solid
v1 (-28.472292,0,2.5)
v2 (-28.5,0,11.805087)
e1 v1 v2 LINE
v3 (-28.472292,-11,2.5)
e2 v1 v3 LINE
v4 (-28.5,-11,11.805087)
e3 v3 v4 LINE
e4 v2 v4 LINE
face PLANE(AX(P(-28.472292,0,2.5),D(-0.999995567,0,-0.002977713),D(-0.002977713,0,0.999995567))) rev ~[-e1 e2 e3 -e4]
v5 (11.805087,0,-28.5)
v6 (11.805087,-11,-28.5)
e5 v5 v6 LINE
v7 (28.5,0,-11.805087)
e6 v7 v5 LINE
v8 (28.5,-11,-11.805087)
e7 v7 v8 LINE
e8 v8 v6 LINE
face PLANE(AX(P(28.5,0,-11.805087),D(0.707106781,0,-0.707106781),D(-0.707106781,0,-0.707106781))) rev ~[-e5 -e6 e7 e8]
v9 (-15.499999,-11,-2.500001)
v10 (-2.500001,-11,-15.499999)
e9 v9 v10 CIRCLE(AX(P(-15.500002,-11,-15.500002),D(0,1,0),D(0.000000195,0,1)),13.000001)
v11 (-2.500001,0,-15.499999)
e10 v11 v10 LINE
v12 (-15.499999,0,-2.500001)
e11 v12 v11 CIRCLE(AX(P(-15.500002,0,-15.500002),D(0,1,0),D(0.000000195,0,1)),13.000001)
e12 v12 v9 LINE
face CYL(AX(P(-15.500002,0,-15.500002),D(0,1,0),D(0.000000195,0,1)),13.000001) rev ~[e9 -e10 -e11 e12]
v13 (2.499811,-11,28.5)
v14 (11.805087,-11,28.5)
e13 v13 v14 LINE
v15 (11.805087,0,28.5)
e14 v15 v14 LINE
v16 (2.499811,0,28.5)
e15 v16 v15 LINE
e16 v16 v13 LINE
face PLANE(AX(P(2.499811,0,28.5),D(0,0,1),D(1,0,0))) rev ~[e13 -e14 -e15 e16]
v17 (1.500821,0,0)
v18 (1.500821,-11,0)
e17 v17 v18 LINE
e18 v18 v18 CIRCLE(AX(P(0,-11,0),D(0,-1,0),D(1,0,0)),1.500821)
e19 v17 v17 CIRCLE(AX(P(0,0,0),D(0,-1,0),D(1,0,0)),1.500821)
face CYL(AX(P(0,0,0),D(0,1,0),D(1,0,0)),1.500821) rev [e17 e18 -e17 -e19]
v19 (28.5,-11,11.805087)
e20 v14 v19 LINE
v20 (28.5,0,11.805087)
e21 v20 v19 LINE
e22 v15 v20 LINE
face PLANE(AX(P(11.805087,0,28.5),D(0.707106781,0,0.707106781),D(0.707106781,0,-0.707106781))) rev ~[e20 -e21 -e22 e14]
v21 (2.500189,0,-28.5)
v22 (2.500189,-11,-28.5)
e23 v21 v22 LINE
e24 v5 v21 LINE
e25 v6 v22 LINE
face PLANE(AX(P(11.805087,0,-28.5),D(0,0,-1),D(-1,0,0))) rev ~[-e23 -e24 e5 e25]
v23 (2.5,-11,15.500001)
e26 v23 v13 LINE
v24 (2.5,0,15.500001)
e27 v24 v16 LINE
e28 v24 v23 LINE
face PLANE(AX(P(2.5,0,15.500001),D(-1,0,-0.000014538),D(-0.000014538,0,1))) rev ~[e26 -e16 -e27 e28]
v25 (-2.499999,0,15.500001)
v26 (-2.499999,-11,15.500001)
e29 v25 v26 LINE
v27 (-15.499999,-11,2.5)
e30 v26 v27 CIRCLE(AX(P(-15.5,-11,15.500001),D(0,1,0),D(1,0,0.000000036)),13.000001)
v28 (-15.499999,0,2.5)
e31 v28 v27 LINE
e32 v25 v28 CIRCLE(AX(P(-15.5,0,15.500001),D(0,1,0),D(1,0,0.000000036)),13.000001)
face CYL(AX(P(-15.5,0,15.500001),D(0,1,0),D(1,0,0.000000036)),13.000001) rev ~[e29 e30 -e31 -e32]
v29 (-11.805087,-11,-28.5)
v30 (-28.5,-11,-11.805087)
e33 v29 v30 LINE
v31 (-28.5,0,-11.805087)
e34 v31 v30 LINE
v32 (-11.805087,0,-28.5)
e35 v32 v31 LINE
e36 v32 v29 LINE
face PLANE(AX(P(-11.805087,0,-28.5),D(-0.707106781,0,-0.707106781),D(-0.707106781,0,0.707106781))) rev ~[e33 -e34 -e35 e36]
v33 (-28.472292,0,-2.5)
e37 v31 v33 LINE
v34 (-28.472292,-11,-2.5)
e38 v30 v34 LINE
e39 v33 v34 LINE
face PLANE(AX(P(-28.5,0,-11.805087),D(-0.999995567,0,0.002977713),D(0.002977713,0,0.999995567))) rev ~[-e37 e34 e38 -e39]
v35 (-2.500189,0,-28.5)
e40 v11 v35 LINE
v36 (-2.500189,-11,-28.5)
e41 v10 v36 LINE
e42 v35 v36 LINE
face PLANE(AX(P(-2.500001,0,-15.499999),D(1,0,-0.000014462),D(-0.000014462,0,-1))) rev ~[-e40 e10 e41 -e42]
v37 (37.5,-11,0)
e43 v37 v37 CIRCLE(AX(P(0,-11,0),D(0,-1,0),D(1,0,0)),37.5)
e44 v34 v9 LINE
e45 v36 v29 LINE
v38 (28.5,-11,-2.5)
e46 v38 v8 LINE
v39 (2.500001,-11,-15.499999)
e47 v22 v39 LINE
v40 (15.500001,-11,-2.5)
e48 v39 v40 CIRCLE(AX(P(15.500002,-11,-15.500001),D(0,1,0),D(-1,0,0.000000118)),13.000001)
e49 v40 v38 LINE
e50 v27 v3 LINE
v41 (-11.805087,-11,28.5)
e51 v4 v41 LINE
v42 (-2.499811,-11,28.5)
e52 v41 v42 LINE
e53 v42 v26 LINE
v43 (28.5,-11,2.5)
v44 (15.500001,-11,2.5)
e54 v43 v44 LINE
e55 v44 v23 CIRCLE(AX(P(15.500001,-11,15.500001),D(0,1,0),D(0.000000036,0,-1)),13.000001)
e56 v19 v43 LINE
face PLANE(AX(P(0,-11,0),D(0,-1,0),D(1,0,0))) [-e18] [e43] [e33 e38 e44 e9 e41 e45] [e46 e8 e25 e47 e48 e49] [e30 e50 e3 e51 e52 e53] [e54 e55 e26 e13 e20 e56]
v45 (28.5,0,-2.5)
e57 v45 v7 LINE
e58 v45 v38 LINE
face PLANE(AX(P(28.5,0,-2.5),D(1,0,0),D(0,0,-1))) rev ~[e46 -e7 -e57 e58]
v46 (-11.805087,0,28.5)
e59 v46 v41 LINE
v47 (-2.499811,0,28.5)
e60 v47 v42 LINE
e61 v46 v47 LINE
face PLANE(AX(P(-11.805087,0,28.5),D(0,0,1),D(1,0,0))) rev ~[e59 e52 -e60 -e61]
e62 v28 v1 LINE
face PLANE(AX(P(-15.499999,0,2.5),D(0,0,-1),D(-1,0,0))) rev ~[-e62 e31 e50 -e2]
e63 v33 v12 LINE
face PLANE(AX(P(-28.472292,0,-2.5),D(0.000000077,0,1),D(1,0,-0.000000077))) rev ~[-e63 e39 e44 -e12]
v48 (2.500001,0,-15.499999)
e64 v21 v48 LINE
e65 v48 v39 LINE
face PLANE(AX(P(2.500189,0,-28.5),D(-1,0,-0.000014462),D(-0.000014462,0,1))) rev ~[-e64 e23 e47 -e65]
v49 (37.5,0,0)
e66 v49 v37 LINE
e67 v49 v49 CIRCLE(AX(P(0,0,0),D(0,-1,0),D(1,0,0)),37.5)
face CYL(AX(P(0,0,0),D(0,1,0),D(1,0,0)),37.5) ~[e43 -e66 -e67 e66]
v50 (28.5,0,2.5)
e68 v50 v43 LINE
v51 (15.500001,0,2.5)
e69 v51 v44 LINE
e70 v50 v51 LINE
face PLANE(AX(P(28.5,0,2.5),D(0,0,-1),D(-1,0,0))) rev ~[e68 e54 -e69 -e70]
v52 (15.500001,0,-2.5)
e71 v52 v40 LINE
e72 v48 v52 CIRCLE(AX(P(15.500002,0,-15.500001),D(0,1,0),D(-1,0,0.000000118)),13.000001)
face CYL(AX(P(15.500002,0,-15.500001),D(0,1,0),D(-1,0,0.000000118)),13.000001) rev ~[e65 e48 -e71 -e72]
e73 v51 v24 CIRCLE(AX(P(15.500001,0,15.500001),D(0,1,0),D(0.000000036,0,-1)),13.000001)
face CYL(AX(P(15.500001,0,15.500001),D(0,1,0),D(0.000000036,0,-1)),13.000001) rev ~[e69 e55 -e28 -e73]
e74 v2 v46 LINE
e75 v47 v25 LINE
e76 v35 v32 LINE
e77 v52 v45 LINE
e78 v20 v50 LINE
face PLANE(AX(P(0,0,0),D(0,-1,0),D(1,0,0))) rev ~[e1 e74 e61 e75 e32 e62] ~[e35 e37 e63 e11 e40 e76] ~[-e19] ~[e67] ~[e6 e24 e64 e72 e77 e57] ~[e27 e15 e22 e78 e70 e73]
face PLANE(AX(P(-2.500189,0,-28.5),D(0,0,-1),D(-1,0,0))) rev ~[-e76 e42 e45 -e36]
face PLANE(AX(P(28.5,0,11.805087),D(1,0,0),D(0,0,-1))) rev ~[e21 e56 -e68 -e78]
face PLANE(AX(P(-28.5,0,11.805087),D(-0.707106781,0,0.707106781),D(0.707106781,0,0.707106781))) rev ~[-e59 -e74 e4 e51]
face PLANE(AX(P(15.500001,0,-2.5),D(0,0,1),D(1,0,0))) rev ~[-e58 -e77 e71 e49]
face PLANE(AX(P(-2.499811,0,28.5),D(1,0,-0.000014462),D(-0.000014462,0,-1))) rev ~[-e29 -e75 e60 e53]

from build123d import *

# Parameters (mm, degrees)
F0_R     = 37.5
F0_R_2   = 1.500821
F1_DEPTH = 11


with BuildPart() as f1:
    # F0 (on Front) → F1 (new body)
    with BuildSketch(Plane.XZ):
        Circle(F0_R)
        with BuildLine():
            Line((-28.472292, -2.5), (-15.499999, -2.500001))
            ThreePointArc((-15.499999, -2.500001), (-6.307613, -6.307613), (-2.500001, -15.499999))
            Line((-2.500001, -15.499999), (-2.500189, -28.5))
            Line((-2.500189, -28.5), (-11.805087, -28.5))
            Line((-11.805087, -28.5), (-28.5, -11.805087))
            Line((-28.5, -11.805087), (-28.472292, -2.5))
        make_face(mode=Mode.SUBTRACT)
        with BuildLine():
            ThreePointArc((2.500001, -15.499999), (6.307613, -6.307612), (15.500001, -2.5))
            Line((15.500001, -2.5), (28.5, -2.5))
            Line((28.5, -2.5), (28.5, -11.805087))
            Line((28.5, -11.805087), (11.805087, -28.5))
            Line((11.805087, -28.5), (2.500189, -28.5))
            Line((2.500189, -28.5), (2.500001, -15.499999))
        make_face(mode=Mode.SUBTRACT)
        with BuildLine():
            ThreePointArc((-2.499999, 15.500001), (-6.307611, 6.307612), (-15.499999, 2.5))
            Line((-15.499999, 2.5), (-28.472292, 2.5))
            Line((-28.472292, 2.5), (-28.5, 11.805087))
            Line((-28.5, 11.805087), (-11.805087, 28.5))
            Line((-11.805087, 28.5), (-2.499811, 28.5))
            Line((-2.499811, 28.5), (-2.499999, 15.500001))
        make_face(mode=Mode.SUBTRACT)
        Circle(F0_R_2, mode=Mode.SUBTRACT)
        with BuildLine():
            Line((28.5, 2.5), (15.500001, 2.5))
            ThreePointArc((15.500001, 2.5), (6.307612, 6.307612), (2.5, 15.500001))
            Line((2.5, 15.500001), (2.499811, 28.5))
            Line((2.499811, 28.5), (11.805087, 28.5))
            Line((11.805087, 28.5), (28.5, 11.805087))
            Line((28.5, 11.805087), (28.5, 2.5))
        make_face(mode=Mode.SUBTRACT)
    extrude(amount=F1_DEPTH)


solid = f1.part
